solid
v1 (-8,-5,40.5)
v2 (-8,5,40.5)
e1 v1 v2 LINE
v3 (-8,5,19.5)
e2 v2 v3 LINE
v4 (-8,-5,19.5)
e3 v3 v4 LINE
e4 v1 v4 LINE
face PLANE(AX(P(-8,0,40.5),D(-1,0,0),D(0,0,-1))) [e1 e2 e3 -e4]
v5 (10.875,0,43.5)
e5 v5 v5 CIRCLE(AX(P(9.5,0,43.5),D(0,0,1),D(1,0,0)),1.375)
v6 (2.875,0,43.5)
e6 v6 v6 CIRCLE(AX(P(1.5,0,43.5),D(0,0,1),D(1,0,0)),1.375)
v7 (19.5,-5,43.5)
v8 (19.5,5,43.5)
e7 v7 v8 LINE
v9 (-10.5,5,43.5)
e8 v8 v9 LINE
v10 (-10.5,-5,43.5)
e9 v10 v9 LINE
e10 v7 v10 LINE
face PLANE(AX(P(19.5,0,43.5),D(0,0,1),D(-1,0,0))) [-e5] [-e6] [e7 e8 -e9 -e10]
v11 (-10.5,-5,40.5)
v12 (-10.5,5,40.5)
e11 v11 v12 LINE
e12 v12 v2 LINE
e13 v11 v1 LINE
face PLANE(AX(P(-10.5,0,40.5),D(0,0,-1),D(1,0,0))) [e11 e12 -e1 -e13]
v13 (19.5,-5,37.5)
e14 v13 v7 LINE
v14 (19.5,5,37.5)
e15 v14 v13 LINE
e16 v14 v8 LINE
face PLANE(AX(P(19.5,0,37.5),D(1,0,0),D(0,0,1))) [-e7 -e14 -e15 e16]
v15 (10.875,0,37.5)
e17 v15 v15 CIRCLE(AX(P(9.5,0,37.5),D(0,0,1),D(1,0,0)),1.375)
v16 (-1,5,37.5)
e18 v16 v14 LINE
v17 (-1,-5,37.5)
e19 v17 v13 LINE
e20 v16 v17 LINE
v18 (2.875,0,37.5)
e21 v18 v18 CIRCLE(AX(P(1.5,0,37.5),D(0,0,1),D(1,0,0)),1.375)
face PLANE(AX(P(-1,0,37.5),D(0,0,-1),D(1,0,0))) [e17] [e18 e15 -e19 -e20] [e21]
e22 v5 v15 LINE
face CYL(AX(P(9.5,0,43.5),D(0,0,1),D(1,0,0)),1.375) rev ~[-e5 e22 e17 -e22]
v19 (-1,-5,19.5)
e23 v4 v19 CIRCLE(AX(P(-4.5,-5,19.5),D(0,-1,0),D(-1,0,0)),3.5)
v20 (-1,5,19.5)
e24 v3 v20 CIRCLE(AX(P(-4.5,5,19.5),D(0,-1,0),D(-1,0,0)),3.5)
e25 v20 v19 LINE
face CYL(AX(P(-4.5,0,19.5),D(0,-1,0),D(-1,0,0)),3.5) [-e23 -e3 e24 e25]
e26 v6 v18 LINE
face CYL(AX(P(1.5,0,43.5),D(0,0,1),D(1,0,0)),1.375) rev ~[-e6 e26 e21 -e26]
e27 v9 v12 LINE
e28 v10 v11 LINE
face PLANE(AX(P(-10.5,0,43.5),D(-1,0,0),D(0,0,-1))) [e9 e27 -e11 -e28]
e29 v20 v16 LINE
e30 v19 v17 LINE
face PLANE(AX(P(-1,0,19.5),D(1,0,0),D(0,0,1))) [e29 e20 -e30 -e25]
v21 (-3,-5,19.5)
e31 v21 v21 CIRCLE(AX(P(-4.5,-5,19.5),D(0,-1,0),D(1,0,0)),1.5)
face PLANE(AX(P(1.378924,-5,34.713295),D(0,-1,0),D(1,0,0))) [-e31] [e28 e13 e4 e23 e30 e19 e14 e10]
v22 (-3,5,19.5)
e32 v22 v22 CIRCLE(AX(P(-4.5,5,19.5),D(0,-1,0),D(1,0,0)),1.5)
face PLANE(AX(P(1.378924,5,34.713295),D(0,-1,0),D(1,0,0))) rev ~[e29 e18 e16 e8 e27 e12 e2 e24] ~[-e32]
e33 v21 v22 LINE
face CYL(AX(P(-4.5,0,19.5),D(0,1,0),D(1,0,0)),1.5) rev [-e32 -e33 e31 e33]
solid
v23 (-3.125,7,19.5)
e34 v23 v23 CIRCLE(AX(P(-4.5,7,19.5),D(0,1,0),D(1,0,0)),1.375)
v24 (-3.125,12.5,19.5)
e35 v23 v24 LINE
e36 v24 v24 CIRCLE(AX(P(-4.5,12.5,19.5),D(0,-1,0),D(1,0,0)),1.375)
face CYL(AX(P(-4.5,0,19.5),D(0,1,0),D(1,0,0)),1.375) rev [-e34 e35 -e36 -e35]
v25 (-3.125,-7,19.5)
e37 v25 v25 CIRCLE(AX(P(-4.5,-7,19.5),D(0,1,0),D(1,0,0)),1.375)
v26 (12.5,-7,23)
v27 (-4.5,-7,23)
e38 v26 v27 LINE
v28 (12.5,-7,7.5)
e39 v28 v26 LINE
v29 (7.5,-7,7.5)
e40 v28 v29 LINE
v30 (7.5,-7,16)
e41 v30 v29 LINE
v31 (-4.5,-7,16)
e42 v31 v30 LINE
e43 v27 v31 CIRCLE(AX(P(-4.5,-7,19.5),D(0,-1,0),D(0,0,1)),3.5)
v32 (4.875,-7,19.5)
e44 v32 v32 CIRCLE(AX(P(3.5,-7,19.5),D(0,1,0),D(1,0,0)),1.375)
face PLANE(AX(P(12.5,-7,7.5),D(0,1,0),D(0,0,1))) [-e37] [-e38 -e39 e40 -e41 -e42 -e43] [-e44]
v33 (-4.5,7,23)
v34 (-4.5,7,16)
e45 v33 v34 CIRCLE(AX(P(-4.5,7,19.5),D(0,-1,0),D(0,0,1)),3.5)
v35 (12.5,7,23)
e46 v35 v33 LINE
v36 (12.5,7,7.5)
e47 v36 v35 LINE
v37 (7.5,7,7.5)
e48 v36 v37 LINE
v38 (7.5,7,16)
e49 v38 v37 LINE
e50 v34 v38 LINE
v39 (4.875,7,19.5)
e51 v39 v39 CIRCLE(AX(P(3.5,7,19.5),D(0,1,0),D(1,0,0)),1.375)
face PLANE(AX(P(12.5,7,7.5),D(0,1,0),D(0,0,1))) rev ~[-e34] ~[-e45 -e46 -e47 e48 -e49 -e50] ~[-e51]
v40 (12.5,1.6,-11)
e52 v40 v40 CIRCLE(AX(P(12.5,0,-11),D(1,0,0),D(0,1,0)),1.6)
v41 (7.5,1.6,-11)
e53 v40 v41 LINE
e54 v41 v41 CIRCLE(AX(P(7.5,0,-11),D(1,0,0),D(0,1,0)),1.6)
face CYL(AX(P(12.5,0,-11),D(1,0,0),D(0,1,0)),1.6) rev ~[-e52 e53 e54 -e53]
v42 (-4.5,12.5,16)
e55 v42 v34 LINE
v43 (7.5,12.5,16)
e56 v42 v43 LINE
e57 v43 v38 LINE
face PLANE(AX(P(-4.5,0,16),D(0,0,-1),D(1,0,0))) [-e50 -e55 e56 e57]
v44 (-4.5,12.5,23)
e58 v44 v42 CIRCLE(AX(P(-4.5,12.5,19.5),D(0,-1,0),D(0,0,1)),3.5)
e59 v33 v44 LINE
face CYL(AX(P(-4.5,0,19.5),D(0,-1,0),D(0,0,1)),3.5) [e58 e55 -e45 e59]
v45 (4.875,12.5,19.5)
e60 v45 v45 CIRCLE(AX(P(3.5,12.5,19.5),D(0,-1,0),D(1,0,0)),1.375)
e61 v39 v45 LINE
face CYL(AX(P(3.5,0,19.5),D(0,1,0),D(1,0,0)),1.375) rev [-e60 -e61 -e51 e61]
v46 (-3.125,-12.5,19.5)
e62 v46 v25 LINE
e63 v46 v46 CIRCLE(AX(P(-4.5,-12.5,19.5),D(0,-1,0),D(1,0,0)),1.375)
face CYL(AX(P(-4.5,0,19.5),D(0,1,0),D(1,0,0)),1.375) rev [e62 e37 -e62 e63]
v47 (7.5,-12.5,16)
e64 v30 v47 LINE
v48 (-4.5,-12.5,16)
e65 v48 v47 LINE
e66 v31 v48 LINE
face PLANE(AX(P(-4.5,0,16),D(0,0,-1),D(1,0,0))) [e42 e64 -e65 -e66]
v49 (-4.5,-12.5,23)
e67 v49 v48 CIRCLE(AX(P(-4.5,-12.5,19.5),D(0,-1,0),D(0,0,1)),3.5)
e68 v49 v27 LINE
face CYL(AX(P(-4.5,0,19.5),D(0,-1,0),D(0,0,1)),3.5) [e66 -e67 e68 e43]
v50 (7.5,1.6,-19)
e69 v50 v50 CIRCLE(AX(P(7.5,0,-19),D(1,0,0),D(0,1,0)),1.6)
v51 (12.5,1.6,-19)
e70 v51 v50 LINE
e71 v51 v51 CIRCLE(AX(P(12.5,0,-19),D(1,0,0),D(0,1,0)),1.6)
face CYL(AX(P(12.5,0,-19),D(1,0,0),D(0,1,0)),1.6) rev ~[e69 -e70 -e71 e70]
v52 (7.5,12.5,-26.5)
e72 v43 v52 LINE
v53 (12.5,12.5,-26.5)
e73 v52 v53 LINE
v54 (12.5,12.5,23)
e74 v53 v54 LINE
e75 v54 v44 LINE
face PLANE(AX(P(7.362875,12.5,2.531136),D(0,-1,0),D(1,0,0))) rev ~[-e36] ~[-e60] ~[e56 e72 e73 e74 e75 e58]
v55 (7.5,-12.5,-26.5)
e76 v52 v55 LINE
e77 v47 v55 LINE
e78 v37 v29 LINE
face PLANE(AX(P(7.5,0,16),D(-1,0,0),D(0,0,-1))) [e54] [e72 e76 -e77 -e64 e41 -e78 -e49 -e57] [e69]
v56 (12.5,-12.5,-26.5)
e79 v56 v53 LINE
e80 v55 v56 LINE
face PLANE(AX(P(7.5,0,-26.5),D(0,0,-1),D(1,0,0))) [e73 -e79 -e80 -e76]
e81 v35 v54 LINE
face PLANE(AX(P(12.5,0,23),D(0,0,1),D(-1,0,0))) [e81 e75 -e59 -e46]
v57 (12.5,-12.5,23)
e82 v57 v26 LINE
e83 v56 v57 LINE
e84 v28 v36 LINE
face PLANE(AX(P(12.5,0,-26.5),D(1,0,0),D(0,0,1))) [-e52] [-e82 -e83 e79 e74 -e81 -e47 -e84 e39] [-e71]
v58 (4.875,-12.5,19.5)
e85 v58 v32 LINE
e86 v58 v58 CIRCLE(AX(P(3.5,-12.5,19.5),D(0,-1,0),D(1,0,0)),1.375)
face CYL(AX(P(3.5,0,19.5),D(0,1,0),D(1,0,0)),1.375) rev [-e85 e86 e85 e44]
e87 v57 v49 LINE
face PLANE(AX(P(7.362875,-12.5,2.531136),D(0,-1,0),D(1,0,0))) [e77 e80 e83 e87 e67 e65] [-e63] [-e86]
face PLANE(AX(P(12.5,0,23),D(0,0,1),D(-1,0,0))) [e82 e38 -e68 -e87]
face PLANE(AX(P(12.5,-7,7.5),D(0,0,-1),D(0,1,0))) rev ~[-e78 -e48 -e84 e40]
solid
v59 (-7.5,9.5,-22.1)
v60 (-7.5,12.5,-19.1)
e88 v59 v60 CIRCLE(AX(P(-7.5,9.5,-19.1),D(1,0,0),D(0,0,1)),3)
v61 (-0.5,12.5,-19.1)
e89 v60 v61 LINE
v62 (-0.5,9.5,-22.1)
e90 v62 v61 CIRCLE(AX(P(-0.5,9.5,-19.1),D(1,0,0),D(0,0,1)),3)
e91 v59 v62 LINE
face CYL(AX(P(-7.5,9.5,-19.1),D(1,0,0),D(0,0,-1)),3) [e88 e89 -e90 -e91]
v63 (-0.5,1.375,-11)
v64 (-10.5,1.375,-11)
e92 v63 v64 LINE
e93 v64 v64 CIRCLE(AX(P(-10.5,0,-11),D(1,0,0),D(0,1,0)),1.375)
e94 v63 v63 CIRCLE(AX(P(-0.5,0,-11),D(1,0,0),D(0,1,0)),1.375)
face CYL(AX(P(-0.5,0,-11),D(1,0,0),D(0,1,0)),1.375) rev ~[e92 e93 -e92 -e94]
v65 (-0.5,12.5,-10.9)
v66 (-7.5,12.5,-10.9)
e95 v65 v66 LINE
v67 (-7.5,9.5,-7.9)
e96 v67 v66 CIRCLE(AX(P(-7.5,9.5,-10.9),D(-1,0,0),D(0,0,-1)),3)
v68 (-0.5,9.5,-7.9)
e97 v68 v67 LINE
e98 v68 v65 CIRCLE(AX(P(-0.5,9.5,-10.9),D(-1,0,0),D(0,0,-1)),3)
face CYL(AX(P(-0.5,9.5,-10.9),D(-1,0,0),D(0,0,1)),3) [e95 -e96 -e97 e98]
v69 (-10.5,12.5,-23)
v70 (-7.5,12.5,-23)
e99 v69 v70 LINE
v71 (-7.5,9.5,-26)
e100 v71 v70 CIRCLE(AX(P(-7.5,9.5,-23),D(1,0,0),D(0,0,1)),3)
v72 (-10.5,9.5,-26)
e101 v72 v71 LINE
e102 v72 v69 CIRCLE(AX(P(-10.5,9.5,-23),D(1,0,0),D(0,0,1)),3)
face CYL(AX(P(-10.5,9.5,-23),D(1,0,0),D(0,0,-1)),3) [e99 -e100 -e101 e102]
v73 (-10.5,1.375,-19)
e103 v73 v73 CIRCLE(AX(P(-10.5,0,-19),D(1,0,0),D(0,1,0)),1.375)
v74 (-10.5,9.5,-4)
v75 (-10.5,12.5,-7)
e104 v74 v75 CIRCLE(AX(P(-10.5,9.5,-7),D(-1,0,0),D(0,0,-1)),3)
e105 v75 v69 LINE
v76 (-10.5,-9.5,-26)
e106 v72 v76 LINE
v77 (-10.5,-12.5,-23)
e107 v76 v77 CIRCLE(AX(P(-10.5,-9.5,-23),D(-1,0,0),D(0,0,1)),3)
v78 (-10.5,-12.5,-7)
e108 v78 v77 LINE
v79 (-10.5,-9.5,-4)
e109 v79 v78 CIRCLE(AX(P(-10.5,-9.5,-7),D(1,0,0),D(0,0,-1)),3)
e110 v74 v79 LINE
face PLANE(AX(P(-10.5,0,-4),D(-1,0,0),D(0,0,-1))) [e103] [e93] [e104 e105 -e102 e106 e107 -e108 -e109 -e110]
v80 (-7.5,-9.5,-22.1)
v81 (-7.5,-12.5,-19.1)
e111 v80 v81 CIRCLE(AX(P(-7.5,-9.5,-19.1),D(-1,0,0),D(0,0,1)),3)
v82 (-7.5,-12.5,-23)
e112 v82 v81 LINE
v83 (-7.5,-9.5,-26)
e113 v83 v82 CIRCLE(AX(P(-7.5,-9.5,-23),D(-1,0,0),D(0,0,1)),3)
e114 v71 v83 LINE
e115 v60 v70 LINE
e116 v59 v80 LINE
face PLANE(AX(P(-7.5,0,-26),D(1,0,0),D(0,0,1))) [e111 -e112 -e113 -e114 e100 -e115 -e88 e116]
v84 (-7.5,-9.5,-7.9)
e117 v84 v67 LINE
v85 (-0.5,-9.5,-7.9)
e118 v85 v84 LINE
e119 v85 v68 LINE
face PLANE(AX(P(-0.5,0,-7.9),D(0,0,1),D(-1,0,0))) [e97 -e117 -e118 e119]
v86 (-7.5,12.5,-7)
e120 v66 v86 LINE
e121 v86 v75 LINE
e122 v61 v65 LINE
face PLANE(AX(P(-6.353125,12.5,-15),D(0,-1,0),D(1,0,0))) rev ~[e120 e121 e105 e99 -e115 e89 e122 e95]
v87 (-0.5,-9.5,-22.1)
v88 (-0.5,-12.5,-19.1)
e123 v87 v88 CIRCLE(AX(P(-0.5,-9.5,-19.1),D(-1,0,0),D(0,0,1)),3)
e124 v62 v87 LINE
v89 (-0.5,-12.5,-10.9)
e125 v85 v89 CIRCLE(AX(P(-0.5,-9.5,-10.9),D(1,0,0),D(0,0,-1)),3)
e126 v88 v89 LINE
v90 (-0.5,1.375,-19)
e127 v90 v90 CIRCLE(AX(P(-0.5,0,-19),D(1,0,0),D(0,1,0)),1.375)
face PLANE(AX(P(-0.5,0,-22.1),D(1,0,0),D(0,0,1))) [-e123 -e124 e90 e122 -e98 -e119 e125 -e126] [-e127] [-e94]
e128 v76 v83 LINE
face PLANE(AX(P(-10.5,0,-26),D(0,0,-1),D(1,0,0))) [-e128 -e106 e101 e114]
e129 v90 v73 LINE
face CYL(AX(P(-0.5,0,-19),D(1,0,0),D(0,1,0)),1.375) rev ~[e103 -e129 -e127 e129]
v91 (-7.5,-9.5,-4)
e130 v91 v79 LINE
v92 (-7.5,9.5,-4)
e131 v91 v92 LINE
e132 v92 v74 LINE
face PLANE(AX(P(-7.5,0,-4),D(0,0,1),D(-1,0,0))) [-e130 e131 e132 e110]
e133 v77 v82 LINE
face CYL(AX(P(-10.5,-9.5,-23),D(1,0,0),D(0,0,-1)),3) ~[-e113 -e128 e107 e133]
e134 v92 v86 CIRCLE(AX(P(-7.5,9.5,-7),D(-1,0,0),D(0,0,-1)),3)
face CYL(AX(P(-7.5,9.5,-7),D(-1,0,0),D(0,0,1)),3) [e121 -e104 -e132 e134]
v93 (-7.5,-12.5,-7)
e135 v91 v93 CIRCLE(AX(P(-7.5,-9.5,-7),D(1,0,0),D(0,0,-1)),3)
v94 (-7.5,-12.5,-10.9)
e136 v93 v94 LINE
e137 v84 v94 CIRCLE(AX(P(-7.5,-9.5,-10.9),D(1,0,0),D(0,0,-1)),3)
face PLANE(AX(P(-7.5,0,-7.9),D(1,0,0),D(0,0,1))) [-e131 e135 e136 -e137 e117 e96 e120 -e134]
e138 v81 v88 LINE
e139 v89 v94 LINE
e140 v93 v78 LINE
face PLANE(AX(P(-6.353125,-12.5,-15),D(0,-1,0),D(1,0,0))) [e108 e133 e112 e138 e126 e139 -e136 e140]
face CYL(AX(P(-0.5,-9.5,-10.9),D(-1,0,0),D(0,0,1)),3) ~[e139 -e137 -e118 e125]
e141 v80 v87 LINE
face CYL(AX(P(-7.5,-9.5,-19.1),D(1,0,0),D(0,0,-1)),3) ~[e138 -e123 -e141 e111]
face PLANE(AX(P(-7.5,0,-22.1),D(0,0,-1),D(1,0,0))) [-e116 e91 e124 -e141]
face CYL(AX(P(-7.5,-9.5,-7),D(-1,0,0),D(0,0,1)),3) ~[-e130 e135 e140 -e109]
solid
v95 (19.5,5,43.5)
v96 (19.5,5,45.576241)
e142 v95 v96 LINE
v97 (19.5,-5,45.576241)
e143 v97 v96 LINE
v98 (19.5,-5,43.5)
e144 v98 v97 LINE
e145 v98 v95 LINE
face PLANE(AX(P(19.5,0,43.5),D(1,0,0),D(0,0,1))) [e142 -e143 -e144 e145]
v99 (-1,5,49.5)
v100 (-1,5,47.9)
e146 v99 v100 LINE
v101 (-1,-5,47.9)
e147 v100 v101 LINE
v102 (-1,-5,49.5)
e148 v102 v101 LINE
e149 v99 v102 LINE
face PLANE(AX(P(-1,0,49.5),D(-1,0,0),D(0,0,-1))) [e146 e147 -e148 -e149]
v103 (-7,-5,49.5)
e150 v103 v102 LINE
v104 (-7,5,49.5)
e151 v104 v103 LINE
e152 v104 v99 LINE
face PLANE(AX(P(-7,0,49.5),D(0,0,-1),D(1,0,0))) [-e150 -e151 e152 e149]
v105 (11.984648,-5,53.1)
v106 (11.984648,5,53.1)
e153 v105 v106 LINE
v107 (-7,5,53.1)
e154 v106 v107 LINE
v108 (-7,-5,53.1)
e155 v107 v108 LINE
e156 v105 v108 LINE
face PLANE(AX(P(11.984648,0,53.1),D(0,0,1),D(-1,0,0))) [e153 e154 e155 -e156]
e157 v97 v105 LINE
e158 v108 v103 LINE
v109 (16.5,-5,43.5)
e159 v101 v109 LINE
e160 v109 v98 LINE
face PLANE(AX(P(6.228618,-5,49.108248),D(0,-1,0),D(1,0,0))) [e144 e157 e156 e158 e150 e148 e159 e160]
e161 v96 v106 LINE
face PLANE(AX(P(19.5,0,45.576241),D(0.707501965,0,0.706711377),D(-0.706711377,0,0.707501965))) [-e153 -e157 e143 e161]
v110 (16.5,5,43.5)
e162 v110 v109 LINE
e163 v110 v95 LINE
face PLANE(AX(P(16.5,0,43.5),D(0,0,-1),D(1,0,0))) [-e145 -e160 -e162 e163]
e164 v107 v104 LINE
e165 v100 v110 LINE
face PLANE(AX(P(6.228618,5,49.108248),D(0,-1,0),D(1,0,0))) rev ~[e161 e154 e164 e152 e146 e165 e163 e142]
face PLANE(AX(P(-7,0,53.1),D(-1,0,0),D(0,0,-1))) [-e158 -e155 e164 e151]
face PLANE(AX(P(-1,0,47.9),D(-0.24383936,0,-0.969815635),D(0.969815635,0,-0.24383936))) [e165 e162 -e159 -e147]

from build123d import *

# Parameters (mm, degrees)
F2_DEPTH  = 12.5
F3_R      = 3
F4_R      = 1.375
F5_DEPTH  = 10.001
F6_R      = 1.375
F7_DEPTH  = 12.5
F8_W      = 14
F8_H      = 15.5
F8_R      = 1.6
F9_DEPTH  = 23.001
F10_R     = 1.5
F11_DEPTH = 5
F12_R     = 1.375
F13_DEPTH = 12
F15_DEPTH = 5


with BuildPart() as f2:
    # F1 (on Front) → F2 (new body, symmetric)
    with BuildSketch(Plane.XZ):
        Polygon((-7.5, -4), (-10.5, -4), (-10.5, -26), (-7.5, -26), (-7.5, -22.1), (-0.5, -22.1), (-0.5, -7.9), (-7.5, -7.9), align=None)
    extrude(amount=F2_DEPTH, both=True)

    # F3
    f3_edges = [f2.edges().sort_by_distance(p)[0] for p in [
        (-4, -12.5, -7.9),
        (-9, -12.5, -4),
        (-9, -12.5, -26),
        (-4, -12.5, -22.1),
        (-4, 12.5, -7.9),
        (-9, 12.5, -4),
        (-9, 12.5, -26),
        (-4, 12.5, -22.1),
    ]]
    fillet(f3_edges, radius=F3_R)

    # F4 (on face) → F5 (cut, through all)
    with BuildSketch(Plane.YZ.offset(-0.5)):
        with Locations((0, -11)):
            Circle(F4_R)
        with Locations((0, -19)):
            Circle(F4_R)
    extrude(amount=-F5_DEPTH, mode=Mode.SUBTRACT)


with BuildPart() as f7:
    # F6 (on Front) → F7 (new body, symmetric)
    with BuildSketch(Plane.XZ):
        with BuildLine():
            ThreePointArc((-4.5, 23), (-8, 19.5), (-4.5, 16))
            Line((-4.5, 16), (7.5, 16))
            Line((7.5, 16), (7.5, -26.5))
            Line((7.5, -26.5), (12.5, -26.5))
            Line((12.5, -26.5), (12.5, 23))
            Line((12.5, 23), (-4.5, 23))
        make_face()
        with Locations((-4.5, 19.5)):
            Circle(F6_R, mode=Mode.SUBTRACT)
        with Locations((3.5, 19.5)):
            Circle(F6_R, mode=Mode.SUBTRACT)
    extrude(amount=F7_DEPTH, both=True)

    # F8 (on face) → F9 (cut, through all)
    with BuildSketch(Plane.YZ.offset(12.5)):
        with Locations((0, 15.25)):
            Rectangle(F8_W, F8_H)
        with Locations((0, -11)):
            Circle(F8_R)
        with Locations((0, -19)):
            Circle(F8_R)
    extrude(amount=-F9_DEPTH, mode=Mode.SUBTRACT)


with BuildPart() as f11:
    # F10 (on Front) → F11 (new body, symmetric)
    with BuildSketch(Plane.XZ):
        with BuildLine():
            Line((-8, 40.5), (-8, 19.5))
            ThreePointArc((-8, 19.5), (-4.5, 16), (-1, 19.5))
            Line((-1, 19.5), (-1, 37.5))
            Line((-1, 37.5), (19.5, 37.5))
            Line((19.5, 37.5), (19.5, 43.5))
            Line((19.5, 43.5), (-10.5, 43.5))
            Line((-10.5, 43.5), (-10.5, 40.5))
            Line((-10.5, 40.5), (-8, 40.5))
        make_face()
        with Locations((-4.5, 19.5)):
            Circle(F10_R, mode=Mode.SUBTRACT)
    extrude(amount=F11_DEPTH, both=True)

    # F12 (on face) → F13 (cut)
    with BuildSketch(Plane.XY.offset(43.5)):
        with Locations((1.5, 0)):
            Circle(F12_R)
        with Locations((9.5, 0)):
            Circle(F12_R)
    extrude(amount=-F13_DEPTH, mode=Mode.SUBTRACT)


with BuildPart() as f15:
    # F14 (on Front) → F15 (new body, symmetric)
    with BuildSketch(Plane.XZ):
        Polygon((11.984648183, 53.1), (-7, 53.1), (-7, 49.5), (-1, 49.5), (-1, 47.9), (16.5, 43.5), (19.5, 43.5), (19.5, 45.5762408674), align=None)
    extrude(amount=F15_DEPTH, both=True)


solid = Compound([f2.part, f7.part, f11.part, f15.part])
